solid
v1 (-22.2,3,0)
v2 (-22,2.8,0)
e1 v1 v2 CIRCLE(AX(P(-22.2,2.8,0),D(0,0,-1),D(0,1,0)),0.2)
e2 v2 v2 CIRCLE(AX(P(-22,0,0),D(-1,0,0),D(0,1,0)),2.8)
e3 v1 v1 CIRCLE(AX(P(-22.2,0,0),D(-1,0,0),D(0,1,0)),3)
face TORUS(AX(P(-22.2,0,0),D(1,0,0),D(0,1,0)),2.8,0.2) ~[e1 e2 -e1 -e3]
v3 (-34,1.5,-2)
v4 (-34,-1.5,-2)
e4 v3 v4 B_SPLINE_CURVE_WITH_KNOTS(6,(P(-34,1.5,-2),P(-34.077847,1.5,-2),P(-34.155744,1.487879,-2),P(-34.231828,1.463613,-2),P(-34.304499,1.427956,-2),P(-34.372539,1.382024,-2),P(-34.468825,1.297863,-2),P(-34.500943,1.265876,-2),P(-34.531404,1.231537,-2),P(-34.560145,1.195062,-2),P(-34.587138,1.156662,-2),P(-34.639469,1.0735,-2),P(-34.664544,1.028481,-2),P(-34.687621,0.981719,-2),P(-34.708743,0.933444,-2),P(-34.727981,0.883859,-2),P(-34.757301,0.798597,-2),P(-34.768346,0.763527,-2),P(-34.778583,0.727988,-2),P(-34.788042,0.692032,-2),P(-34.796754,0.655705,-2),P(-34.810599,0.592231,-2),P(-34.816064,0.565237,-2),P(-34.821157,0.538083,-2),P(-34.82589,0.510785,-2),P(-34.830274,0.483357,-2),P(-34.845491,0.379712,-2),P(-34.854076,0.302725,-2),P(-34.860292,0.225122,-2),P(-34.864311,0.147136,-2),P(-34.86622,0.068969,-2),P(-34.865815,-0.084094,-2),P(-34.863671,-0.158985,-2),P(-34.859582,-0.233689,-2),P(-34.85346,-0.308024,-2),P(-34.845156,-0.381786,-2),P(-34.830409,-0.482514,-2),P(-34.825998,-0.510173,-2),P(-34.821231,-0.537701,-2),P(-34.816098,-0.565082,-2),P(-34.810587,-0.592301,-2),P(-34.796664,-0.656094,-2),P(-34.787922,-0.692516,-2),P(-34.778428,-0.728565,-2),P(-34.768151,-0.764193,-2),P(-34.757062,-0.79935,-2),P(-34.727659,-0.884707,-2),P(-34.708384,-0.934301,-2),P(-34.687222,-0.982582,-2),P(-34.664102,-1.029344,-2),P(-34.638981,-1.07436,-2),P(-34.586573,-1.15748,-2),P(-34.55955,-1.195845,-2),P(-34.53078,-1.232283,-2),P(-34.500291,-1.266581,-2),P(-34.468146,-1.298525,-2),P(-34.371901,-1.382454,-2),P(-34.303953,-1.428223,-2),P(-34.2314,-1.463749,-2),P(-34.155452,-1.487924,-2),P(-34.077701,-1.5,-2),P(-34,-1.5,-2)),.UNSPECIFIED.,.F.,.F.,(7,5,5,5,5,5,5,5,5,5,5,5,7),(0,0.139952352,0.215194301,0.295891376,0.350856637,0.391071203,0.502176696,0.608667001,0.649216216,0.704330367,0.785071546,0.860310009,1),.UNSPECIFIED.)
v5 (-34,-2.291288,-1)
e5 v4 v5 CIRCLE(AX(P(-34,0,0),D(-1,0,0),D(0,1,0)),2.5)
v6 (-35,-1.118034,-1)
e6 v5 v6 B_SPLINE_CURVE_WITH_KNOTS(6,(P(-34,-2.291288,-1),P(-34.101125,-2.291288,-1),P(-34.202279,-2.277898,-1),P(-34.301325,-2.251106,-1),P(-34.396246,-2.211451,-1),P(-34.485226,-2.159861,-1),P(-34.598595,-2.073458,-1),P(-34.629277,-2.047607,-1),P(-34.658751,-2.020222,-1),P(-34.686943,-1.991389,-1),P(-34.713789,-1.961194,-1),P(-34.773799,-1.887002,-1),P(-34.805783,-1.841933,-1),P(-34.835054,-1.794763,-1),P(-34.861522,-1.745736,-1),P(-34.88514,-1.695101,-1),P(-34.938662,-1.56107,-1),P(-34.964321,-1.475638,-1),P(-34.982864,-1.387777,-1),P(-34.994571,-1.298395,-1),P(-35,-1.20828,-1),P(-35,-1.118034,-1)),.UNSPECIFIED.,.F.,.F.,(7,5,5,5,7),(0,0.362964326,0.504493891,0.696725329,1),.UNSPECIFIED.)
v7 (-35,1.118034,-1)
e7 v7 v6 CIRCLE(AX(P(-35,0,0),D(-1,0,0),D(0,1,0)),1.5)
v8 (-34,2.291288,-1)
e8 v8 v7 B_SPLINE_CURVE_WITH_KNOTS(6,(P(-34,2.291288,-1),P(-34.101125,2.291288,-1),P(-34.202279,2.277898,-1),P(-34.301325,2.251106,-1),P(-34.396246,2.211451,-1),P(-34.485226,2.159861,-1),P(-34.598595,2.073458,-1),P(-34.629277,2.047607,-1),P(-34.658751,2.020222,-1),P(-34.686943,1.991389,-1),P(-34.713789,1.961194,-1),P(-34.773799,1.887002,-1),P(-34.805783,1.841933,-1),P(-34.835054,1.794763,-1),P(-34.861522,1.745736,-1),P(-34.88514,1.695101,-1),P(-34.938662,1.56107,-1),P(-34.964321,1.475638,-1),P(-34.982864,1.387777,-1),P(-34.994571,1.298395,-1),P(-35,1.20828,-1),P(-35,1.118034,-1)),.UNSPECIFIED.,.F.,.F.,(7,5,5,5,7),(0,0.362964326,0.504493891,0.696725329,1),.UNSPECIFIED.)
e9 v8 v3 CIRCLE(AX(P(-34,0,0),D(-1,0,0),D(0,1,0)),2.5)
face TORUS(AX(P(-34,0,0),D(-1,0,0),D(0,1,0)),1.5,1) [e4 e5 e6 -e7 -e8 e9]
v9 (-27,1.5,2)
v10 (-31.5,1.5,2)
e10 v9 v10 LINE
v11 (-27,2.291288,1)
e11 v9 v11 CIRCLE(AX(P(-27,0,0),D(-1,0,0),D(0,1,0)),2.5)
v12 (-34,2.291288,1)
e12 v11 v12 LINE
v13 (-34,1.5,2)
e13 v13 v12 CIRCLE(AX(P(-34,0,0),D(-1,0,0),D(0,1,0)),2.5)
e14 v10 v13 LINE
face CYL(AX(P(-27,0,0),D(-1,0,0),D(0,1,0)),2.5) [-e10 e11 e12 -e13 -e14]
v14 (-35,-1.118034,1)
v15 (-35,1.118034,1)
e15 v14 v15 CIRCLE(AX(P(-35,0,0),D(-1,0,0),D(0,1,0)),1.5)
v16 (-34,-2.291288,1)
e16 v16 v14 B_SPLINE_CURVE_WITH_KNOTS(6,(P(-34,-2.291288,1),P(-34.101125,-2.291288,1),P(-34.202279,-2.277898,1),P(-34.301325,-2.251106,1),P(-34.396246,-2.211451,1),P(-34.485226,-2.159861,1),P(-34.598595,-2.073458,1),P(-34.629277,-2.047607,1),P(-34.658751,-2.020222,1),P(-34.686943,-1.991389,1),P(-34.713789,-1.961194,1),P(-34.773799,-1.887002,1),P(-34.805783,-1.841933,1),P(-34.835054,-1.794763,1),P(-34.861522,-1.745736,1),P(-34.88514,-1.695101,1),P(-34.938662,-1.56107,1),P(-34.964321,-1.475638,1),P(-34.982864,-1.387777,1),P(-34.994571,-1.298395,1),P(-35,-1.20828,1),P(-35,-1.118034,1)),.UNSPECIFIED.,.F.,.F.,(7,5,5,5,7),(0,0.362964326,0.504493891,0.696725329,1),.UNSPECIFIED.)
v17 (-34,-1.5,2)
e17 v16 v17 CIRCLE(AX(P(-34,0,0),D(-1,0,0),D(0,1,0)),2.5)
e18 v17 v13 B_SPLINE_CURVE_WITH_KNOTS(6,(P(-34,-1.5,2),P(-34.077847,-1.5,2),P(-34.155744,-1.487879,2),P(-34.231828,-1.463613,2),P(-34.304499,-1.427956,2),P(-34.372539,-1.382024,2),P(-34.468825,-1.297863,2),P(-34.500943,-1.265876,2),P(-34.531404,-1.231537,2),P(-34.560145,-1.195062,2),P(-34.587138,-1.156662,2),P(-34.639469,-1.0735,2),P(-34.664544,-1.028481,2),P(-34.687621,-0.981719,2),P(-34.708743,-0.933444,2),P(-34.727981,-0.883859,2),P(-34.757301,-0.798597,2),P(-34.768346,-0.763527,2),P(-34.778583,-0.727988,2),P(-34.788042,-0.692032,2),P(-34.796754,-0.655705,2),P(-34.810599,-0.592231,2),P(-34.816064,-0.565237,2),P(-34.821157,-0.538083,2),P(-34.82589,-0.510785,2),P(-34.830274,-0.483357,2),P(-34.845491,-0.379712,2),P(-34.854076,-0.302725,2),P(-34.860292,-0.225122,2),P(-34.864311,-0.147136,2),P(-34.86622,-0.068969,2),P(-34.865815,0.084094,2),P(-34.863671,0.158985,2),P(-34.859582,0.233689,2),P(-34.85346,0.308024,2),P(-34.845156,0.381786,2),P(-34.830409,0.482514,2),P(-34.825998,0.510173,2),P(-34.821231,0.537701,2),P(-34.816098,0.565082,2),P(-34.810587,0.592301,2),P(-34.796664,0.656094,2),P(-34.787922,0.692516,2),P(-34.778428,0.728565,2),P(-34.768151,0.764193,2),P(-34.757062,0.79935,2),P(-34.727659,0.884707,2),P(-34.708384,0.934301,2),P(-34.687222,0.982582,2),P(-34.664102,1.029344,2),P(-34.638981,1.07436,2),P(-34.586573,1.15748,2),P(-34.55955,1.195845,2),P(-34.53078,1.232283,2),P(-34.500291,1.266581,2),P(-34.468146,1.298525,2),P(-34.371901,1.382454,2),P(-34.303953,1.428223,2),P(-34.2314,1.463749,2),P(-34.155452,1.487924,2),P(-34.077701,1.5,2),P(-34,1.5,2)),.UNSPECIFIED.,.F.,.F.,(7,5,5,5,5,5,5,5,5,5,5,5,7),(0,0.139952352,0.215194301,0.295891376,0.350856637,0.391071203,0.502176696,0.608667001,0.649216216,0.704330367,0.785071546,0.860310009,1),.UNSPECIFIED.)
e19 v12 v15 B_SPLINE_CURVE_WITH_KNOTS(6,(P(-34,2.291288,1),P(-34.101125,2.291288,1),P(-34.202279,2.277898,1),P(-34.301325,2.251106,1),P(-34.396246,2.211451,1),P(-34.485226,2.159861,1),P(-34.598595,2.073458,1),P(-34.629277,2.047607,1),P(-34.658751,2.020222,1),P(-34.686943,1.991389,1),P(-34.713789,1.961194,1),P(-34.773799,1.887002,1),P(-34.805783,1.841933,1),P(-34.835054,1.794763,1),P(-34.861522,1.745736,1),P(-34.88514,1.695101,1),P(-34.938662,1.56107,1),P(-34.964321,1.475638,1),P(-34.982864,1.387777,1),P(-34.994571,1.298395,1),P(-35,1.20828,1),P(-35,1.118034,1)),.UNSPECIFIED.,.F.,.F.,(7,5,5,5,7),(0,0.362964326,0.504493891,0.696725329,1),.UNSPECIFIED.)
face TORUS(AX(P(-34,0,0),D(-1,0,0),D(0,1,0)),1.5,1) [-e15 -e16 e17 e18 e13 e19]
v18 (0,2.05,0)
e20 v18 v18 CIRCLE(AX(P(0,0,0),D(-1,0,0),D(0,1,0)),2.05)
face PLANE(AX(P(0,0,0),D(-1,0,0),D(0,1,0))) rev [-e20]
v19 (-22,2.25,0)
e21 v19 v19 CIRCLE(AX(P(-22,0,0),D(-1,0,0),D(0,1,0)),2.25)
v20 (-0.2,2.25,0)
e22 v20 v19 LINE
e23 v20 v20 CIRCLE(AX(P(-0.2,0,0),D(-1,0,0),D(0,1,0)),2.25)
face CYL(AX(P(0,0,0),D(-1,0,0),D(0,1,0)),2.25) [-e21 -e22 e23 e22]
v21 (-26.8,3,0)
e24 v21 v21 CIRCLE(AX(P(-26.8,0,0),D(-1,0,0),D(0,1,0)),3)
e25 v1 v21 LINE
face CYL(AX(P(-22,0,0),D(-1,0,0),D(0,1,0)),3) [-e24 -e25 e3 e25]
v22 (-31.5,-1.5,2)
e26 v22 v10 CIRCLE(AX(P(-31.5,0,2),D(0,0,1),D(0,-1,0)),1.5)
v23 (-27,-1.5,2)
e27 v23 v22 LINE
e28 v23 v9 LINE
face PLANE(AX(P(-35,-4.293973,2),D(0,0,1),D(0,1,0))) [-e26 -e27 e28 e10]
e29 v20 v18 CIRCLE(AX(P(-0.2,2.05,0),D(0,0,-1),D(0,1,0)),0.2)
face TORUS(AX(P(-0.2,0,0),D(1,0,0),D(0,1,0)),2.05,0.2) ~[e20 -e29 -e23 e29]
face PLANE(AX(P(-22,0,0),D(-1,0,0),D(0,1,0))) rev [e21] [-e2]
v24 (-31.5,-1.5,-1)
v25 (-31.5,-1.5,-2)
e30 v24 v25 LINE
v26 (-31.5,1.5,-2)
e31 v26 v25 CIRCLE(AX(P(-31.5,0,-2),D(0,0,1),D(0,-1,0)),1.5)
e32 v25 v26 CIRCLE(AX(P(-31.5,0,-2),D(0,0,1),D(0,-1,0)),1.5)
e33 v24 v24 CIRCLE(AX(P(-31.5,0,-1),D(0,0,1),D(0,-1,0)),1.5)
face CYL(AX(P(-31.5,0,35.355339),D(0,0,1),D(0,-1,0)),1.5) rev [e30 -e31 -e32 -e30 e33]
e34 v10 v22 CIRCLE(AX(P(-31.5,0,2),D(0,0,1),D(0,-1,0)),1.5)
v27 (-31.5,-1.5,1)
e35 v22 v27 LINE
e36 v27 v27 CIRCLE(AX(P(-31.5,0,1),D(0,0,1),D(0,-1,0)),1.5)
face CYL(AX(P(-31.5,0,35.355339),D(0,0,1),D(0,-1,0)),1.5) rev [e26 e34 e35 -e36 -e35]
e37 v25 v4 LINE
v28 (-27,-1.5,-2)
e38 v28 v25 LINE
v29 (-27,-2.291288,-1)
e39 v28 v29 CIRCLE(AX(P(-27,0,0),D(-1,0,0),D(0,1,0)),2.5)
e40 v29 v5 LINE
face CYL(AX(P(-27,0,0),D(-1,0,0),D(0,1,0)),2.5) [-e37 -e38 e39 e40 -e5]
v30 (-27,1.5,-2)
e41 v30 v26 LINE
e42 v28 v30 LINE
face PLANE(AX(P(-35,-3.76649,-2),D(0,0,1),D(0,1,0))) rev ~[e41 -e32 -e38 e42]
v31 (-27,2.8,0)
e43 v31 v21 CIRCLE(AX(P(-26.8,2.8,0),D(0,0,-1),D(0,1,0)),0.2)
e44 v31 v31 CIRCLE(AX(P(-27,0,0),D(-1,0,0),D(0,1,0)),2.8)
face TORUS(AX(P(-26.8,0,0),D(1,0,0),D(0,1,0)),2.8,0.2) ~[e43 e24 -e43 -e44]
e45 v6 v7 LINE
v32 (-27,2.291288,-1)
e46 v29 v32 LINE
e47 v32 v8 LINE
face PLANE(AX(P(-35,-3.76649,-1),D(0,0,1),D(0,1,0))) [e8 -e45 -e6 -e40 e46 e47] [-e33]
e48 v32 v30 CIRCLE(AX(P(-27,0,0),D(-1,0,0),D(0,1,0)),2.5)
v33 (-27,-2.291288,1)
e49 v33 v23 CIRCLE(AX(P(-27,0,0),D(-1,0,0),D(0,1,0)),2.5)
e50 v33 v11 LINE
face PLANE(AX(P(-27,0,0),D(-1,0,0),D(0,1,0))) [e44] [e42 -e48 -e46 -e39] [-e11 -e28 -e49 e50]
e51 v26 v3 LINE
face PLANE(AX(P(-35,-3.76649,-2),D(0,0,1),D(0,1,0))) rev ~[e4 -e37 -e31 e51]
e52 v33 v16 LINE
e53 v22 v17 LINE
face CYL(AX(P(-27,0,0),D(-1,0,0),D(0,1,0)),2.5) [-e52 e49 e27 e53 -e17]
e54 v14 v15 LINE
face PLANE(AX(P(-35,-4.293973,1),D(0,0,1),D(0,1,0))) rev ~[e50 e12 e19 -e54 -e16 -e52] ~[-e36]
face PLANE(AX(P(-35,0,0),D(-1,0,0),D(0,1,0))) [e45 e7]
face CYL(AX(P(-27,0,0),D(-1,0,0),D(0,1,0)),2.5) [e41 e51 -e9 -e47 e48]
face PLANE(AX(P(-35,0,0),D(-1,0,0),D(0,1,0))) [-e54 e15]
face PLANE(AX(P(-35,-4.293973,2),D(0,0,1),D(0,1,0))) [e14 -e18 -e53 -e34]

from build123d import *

# Parameters (mm, degrees)
FILLET_1_R               = 1
SKETCH_2_R               = 7.321356554
SKETCH_2_W               = 1
SKETCH_2_H               = 8.939101976
SKETCH_2_H_2             = 8.847887315
CUT_EXTRUDE_1_DEPTH      = 8
FILLET_2_R               = 0.2
CUT_EXTRUDE_2_DEPTH      = 36.355339178
CUT_EXTRUDE_2_DEPTH_BACK = 36.355339178
SKETCH_3_R               = 1.5


with BuildPart() as part:
    # 草图1 → 旋转1 (revolve)
    with BuildSketch(Plane.XY):
        Polygon((0, 0), (0, 2.25), (-22, 2.25), (-22, 3), (-27, 3), (-27, 2.5), (-35, 2.5), (-35, 0), align=None)
    revolve(axis=Axis((0, 0, 0), (-1, 0, 0)))

    # 圆角1
    fillet_1_edges = [part.edges().sort_by_distance(p)[0] for p in [
        (-35, -2.5, 0),
    ]]
    fillet(fillet_1_edges, radius=FILLET_1_R)

    # 草图2 → 切除-拉伸1 (cut)
    with BuildSketch(Plane.ZY.offset(35)):
        Circle(SKETCH_2_R)
        with Locations((-1.5, 0.70306053)):
            Rectangle(SKETCH_2_W, SKETCH_2_H, mode=Mode.SUBTRACT)
        with Locations((1.5, 0.129971064)):
            Rectangle(SKETCH_2_W, SKETCH_2_H_2, mode=Mode.SUBTRACT)
    extrude(amount=-CUT_EXTRUDE_1_DEPTH, mode=Mode.SUBTRACT)

    # 圆角2
    fillet_2_edges = [part.edges().sort_by_distance(p)[0] for p in [
        (-27, -3, 0),
        (-22, -3, 0),
        (0, -2.25, 0),
    ]]
    fillet(fillet_2_edges, radius=FILLET_2_R)

    # 草图3 → 切除-拉伸2 (cut, two sides: drawn at the far end of the back side and taken through both)
    with BuildSketch(Plane(origin=(0, 0, -1), x_dir=(-1, 0, 0), z_dir=(0, 0, -1)).offset(-CUT_EXTRUDE_2_DEPTH_BACK)):
        with Locations(Location((31.5, 0, 0), (0, 0, 270))):
            Circle(SKETCH_3_R)
    extrude(amount=CUT_EXTRUDE_2_DEPTH + CUT_EXTRUDE_2_DEPTH_BACK, mode=Mode.SUBTRACT)


solid = part.part
